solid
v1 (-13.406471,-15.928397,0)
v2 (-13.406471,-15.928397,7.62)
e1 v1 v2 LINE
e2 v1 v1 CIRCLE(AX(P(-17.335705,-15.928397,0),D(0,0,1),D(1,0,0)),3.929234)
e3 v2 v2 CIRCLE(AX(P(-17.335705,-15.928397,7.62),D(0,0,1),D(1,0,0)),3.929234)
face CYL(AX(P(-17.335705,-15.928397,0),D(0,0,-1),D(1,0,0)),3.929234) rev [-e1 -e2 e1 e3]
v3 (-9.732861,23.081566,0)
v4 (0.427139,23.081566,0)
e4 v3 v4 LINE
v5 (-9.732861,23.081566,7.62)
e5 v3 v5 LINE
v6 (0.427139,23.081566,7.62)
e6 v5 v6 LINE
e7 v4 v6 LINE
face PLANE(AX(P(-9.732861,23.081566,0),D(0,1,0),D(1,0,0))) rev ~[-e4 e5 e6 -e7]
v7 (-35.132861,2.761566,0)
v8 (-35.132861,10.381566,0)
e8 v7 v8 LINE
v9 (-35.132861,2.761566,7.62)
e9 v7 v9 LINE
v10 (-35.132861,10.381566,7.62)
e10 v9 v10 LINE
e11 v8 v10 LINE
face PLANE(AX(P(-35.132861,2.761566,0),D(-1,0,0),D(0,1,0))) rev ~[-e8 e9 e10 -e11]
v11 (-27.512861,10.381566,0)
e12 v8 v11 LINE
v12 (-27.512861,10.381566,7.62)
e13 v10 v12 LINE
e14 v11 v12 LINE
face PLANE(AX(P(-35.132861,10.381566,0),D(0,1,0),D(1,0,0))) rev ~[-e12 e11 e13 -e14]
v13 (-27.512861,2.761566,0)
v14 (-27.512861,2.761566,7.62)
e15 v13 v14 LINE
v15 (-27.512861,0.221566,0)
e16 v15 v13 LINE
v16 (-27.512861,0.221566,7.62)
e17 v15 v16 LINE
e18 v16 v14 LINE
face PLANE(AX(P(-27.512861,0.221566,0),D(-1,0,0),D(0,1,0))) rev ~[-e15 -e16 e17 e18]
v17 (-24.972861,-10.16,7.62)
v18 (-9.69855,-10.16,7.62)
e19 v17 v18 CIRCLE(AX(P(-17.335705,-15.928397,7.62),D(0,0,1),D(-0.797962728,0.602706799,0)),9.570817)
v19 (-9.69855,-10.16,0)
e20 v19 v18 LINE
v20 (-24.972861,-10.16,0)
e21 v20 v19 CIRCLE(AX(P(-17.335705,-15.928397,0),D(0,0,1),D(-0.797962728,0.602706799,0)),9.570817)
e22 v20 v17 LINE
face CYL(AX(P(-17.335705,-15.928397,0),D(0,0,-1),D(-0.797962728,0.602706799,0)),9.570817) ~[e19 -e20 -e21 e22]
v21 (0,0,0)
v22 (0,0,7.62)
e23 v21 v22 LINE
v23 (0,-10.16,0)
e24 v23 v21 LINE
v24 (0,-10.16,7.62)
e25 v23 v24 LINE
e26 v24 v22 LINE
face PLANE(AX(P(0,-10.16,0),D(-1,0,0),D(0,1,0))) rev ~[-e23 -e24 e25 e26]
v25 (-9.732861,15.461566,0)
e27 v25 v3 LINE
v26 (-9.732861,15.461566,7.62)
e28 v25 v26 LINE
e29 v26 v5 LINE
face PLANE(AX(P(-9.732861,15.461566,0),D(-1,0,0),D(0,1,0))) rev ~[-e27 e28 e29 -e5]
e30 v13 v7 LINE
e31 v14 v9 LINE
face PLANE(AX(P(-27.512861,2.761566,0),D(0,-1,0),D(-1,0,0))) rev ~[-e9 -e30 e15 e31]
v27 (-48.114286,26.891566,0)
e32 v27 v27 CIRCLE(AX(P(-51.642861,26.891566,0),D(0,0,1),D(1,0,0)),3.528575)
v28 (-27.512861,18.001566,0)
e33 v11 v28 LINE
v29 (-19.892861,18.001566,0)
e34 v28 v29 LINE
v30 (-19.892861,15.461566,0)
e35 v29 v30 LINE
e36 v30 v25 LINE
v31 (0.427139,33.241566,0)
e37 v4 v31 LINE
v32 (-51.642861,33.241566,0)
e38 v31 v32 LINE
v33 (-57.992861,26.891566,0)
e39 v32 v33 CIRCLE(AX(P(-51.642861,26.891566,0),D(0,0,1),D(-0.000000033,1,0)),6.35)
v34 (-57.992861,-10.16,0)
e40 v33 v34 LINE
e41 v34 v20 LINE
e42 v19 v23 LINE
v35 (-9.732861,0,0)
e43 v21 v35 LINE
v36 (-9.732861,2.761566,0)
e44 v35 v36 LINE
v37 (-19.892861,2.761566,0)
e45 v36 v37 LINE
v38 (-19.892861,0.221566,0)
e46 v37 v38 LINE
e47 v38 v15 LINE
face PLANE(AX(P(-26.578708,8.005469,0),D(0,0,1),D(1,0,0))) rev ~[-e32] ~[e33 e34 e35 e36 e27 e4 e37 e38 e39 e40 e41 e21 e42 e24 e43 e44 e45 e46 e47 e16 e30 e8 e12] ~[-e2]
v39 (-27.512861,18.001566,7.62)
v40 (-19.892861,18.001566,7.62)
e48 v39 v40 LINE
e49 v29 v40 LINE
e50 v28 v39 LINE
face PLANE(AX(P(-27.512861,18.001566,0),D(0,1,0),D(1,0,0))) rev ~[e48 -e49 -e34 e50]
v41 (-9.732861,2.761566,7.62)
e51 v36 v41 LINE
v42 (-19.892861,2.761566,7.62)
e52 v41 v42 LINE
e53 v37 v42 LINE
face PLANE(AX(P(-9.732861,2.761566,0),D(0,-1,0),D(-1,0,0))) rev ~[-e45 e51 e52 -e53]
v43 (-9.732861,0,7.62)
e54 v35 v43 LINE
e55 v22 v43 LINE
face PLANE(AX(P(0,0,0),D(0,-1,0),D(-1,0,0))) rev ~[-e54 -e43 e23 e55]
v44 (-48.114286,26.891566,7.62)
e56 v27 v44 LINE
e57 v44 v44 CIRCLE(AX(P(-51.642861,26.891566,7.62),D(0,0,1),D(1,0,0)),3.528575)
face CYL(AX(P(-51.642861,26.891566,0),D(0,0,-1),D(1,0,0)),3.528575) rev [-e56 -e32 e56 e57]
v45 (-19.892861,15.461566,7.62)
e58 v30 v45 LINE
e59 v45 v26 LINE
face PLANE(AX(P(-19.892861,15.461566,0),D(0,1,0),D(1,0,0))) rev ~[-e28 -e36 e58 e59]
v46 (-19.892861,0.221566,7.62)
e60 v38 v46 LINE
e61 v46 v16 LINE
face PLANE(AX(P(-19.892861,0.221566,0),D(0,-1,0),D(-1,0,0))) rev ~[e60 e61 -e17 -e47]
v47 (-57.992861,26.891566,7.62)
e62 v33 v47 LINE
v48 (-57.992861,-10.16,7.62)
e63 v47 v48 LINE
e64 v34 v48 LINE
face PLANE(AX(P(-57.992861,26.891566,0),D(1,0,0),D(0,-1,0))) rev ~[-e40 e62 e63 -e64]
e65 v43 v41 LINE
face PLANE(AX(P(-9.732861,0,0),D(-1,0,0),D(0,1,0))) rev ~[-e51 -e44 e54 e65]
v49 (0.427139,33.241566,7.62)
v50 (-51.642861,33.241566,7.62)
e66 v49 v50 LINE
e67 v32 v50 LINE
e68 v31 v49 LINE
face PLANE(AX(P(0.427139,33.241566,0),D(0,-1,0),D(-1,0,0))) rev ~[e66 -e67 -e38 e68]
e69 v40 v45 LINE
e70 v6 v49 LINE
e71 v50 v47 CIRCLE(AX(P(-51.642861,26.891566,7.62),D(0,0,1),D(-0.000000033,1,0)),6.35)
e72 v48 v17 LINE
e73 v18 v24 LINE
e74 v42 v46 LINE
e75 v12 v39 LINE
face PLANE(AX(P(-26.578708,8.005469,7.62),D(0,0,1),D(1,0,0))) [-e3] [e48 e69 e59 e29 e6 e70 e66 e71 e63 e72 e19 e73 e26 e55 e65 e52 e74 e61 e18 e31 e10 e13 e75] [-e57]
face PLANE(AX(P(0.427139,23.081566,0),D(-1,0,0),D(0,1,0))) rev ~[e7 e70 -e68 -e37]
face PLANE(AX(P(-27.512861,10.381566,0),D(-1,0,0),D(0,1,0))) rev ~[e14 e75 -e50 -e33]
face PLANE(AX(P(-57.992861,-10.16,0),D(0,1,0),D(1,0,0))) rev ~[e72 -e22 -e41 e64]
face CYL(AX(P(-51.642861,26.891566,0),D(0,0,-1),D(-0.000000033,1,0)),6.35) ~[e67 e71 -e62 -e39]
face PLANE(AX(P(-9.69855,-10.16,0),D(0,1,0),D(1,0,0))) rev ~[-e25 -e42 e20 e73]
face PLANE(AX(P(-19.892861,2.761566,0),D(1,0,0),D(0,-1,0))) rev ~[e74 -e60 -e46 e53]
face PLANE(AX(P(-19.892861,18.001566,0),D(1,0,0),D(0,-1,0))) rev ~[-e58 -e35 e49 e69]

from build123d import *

# Parameters (mm, degrees)
F0_R     = 3.929234
F0_R_2   = 3.528575
F1_DEPTH = 7.62


with BuildPart() as f1:
    # F0 (on Top) → F1 (new body)
    with BuildSketch(Plane.XY):
        with BuildLine():
            Line((0.427139, 33.241566), (-51.642861, 33.241566))
            ThreePointArc((-51.642861, 33.241566), (-56.132989, 31.381694), (-57.992861, 26.891566))
            Line((-57.992861, 26.891566), (-57.992861, -10.16))
            Line((-57.992861, -10.16), (-24.972861, -10.16))
            ThreePointArc((-24.972861, -10.16), (-17.335705, -25.499214), (-9.69855, -10.16))
            Line((-9.69855, -10.16), (0, -10.16))
            Line((0, -10.16), (0, 0))
            Line((0, 0), (-9.732861, 0))
            Line((-9.732861, 0), (-9.732861, 2.761566))
            Line((-9.732861, 2.761566), (-19.892861, 2.761566))
            Line((-19.892861, 2.761566), (-19.892861, 0.221566))
            Line((-19.892861, 0.221566), (-27.512861, 0.221566))
            Line((-27.512861, 0.221566), (-27.512861, 2.761566))
            Line((-27.512861, 2.761566), (-35.132861, 2.761566))
            Line((-35.132861, 2.761566), (-35.132861, 10.381566))
            Line((-35.132861, 10.381566), (-27.512861, 10.381566))
            Line((-27.512861, 10.381566), (-27.512861, 18.001566))
            Line((-27.512861, 18.001566), (-19.892861, 18.001566))
            Line((-19.892861, 18.001566), (-19.892861, 15.461566))
            Line((-19.892861, 15.461566), (-9.732861, 15.461566))
            Line((-9.732861, 15.461566), (-9.732861, 23.081566))
            Line((-9.732861, 23.081566), (0.427139, 23.081566))
            Line((0.427139, 23.081566), (0.427139, 33.241566))
        make_face()
        with Locations((-17.335705, -15.928397)):
            Circle(F0_R, mode=Mode.SUBTRACT)
        with Locations((-51.642861, 26.891566)):
            Circle(F0_R_2, mode=Mode.SUBTRACT)
    extrude(amount=F1_DEPTH)


solid = f1.part
